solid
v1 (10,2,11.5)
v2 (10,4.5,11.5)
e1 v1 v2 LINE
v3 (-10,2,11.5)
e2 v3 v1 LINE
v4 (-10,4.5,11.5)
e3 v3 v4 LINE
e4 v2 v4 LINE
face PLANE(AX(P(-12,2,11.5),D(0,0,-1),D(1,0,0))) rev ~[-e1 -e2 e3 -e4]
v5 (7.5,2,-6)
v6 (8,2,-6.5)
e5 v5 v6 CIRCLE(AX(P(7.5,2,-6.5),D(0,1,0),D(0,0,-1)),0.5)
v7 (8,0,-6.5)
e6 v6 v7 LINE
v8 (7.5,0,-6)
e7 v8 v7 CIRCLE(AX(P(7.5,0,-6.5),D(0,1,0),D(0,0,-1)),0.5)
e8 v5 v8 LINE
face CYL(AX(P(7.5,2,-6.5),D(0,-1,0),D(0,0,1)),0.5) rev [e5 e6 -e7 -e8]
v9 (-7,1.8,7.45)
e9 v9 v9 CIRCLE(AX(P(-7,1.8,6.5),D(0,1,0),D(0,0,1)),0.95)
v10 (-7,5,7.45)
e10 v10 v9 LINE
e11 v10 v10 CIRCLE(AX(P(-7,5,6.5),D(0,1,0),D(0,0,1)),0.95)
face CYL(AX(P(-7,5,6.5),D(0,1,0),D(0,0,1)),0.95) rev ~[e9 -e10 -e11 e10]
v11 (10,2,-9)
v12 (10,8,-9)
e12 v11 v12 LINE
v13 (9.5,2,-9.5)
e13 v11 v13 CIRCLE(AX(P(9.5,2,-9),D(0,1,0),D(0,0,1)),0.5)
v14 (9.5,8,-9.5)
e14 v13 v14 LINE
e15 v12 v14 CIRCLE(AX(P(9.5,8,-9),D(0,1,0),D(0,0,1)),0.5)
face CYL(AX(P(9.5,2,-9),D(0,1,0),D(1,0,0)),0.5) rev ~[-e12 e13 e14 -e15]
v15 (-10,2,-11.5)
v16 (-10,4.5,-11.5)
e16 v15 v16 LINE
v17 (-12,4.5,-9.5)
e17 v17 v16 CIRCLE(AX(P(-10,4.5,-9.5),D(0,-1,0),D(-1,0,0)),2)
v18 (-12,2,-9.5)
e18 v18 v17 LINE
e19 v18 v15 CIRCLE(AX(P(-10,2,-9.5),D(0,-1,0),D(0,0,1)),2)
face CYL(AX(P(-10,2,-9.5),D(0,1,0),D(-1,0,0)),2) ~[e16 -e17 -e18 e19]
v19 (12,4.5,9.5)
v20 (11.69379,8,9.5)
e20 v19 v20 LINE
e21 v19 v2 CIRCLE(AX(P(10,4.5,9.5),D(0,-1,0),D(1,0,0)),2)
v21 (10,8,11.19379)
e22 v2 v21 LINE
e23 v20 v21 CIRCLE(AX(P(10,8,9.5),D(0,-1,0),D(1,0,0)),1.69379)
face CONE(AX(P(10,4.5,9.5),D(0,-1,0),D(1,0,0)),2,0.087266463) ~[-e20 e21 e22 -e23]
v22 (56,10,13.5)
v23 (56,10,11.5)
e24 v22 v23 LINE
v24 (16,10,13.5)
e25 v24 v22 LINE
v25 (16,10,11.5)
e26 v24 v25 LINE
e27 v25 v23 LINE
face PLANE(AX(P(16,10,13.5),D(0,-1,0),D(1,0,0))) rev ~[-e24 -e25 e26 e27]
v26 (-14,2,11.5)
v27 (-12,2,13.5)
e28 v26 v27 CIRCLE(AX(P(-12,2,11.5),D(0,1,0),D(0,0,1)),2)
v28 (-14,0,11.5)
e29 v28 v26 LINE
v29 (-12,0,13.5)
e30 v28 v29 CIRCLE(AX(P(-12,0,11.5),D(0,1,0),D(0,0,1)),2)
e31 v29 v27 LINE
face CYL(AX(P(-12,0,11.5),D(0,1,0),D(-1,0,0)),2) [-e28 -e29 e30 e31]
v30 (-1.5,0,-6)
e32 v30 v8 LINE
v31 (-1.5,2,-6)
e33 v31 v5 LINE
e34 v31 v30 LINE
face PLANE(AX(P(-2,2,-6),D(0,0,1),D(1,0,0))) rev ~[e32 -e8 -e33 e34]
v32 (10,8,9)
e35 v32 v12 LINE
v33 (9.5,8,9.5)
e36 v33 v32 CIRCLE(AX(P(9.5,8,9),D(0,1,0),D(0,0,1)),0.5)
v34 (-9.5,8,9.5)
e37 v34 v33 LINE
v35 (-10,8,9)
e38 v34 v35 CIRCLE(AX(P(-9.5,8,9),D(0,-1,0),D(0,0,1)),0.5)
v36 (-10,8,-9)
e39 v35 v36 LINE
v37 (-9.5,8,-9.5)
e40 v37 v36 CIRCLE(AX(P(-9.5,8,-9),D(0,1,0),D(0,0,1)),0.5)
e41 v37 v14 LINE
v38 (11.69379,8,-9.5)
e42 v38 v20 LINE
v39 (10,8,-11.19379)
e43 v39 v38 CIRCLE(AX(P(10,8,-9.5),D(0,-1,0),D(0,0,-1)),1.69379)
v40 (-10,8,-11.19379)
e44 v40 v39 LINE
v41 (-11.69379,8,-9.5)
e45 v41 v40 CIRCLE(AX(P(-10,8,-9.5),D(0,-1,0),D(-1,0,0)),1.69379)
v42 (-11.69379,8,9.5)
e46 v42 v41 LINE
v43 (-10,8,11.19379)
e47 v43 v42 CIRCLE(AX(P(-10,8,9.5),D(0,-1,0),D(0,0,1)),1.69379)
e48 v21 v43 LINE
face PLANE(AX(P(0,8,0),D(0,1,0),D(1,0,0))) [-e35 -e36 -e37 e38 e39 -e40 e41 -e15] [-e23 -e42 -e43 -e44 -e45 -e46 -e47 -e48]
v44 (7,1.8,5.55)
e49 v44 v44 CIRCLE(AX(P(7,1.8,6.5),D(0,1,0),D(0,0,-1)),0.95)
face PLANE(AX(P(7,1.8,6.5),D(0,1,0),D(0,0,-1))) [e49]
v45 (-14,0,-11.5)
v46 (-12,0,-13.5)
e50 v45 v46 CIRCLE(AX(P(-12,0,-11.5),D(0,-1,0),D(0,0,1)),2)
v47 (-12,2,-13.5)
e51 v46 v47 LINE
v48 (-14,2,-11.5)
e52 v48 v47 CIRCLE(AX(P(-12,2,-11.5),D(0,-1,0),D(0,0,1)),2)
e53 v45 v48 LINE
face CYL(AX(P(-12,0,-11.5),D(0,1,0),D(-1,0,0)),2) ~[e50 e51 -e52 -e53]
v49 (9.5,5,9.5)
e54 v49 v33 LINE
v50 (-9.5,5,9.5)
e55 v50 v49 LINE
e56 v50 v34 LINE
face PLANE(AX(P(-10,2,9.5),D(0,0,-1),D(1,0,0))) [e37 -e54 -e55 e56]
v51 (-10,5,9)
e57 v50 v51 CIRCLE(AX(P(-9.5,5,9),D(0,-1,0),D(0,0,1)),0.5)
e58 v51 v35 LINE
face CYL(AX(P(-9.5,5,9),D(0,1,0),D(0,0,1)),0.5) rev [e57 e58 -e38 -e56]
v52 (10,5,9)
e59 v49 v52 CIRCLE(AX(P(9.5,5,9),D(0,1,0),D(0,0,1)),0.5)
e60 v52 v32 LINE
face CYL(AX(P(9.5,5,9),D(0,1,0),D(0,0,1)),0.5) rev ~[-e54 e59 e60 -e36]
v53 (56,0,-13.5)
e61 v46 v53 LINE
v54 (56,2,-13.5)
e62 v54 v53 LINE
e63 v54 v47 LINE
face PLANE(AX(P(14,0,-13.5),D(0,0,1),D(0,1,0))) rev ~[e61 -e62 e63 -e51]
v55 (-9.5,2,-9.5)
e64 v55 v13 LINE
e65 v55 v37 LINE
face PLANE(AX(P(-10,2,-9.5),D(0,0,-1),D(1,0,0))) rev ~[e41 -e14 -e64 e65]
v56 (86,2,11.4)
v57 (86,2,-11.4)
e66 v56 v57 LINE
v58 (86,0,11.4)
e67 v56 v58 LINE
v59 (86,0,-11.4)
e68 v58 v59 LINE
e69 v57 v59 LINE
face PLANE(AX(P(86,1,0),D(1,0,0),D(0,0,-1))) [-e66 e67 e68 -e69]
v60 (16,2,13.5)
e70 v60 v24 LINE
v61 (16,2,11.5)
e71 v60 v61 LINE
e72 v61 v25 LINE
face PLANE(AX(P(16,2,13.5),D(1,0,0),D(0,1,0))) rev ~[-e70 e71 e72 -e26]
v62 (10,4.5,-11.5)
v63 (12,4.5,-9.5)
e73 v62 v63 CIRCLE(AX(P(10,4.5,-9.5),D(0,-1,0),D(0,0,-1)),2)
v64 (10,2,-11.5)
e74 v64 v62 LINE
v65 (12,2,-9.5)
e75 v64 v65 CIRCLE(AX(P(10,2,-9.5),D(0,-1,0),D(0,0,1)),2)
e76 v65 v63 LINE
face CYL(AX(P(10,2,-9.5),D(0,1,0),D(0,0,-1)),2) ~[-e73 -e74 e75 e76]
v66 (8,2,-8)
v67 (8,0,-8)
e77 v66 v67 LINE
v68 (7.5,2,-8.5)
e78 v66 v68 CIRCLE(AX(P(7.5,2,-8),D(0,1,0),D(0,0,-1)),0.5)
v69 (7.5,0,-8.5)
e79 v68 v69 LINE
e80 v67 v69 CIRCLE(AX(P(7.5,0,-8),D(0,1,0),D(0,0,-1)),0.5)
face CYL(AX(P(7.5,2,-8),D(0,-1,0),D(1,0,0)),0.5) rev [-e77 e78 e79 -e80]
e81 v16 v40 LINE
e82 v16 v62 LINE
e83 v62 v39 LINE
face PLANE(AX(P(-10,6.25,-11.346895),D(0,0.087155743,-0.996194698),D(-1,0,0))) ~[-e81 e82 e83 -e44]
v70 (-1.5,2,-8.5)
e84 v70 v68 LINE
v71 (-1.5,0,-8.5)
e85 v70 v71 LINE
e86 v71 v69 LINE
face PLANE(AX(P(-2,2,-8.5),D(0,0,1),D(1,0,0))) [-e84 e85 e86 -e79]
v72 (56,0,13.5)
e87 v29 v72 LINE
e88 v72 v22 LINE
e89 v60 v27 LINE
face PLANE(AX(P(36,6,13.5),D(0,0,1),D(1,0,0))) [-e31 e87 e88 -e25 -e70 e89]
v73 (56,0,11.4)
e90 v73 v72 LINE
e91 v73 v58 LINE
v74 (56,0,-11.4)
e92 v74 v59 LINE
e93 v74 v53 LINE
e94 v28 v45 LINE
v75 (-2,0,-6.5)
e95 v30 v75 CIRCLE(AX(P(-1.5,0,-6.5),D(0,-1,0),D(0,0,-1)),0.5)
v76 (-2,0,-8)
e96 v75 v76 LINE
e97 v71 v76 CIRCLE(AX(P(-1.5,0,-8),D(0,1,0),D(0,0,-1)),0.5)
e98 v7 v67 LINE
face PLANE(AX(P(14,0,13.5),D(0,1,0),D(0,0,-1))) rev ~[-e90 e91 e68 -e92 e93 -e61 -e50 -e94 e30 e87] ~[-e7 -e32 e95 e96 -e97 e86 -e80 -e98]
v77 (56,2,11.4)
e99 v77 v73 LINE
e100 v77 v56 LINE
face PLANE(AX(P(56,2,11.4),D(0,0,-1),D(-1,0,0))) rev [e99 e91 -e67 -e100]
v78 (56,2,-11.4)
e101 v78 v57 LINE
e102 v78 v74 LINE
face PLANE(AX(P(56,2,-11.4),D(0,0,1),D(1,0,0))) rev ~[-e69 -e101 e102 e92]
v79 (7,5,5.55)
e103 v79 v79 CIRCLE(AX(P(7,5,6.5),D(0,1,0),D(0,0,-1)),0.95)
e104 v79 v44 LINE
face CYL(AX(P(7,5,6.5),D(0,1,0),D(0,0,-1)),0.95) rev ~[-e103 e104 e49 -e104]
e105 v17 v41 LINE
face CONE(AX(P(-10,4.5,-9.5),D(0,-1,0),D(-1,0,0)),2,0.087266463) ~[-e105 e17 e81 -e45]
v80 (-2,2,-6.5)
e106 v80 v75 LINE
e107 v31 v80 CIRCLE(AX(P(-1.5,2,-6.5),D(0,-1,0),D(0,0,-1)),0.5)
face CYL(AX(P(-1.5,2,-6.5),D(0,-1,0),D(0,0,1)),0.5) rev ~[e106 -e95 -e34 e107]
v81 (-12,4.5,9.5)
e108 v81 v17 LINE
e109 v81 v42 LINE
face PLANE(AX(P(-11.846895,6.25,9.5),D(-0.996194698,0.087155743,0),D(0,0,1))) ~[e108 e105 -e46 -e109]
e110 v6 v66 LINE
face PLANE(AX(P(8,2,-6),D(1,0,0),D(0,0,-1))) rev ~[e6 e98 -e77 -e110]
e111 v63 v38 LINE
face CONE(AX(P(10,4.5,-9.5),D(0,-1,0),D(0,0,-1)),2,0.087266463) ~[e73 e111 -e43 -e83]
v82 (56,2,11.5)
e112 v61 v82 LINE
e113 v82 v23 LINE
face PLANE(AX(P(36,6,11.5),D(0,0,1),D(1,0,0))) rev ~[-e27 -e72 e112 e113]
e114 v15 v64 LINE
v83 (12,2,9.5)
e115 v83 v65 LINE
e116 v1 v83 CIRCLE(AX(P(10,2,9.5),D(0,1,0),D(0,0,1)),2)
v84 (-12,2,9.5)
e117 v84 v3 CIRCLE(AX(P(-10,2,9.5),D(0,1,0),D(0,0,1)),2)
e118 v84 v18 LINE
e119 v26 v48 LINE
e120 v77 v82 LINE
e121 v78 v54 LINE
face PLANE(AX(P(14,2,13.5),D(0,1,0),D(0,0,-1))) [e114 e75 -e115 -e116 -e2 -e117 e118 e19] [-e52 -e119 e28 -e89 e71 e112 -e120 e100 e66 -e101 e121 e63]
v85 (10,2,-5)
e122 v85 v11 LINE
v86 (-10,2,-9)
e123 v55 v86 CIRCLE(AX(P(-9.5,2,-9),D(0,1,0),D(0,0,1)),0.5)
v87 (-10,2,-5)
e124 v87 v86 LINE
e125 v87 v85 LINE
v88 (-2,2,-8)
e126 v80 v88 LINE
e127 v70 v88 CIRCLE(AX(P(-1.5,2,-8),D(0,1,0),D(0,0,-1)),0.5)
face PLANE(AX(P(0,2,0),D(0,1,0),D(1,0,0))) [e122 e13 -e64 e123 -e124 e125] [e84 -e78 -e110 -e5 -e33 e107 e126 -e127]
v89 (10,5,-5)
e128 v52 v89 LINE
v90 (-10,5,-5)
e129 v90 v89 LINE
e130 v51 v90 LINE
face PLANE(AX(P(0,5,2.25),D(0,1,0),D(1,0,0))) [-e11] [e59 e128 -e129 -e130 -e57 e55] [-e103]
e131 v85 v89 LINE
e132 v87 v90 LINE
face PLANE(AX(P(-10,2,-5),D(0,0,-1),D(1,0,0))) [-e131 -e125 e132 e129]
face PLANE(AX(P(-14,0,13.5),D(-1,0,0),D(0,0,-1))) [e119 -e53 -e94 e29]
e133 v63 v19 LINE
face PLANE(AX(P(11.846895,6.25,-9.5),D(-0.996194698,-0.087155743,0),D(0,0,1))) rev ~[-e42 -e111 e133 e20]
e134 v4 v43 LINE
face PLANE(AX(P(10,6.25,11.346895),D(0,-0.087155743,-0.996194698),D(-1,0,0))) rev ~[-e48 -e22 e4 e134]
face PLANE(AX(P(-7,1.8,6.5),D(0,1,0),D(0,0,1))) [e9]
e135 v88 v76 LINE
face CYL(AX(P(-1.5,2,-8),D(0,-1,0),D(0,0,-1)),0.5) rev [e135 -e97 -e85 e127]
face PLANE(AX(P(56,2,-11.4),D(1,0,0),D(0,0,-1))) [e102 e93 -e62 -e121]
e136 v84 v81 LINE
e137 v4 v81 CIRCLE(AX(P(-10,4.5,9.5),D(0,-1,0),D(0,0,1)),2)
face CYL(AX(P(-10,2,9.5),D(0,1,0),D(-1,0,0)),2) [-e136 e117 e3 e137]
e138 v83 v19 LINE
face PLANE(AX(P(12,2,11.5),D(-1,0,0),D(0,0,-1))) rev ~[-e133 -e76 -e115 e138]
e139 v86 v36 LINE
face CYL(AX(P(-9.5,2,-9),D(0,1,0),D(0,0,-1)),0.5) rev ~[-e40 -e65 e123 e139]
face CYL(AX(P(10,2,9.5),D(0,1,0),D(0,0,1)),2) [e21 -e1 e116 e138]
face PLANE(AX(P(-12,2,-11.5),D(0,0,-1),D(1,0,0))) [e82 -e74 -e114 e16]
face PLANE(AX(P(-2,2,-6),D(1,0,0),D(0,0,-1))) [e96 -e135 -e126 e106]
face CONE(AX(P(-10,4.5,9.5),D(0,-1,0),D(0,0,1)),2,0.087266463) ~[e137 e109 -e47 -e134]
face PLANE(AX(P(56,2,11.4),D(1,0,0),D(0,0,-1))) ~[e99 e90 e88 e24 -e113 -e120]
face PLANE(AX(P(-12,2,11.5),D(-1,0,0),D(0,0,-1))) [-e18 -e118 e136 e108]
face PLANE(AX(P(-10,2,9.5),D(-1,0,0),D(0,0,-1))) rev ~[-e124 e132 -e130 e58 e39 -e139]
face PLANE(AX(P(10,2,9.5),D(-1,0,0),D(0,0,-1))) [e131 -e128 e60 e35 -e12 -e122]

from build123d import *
from OCP.BRepFilletAPI import BRepFilletAPI_MakeChamfer

# Parameters (mm, degrees)
SKETCH1_W           = 28
SKETCH1_H           = 27
BOSS_EXTRUDE1_DEPTH = 2
SKETCH2_W           = 10
SKETCH2_H           = 2.5
CUT_EXTRUDE1_DEPTH  = 2
SKETCH3_W           = 20
SKETCH3_H           = 14.5
BOSS_EXTRUDE2_DEPTH = 3
SKETCH4_W           = 24
SKETCH4_H           = 23
SKETCH4_W_2         = 20
SKETCH4_H_2         = 19
BOSS_EXTRUDE3_DEPTH = 6
SKETCH5_R           = 0.95
CUT_EXTRUDE2_DEPTH  = 3.2
FILLET3_R           = 2
FILLET2_R           = 0.5
SKETCH6_W           = 27
SKETCH6_H           = 2
BOSS_EXTRUDE4_DEPTH = 72
CHAMFER1_SIZE       = 3.5
CHAMFER1_SIZE2      = 0.306210322
SKETCH7_W           = 30
SKETCH7_H           = 2.1
CUT_EXTRUDE3_DEPTH  = 88.259669951
SKETCH8_W           = 40
SKETCH8_H           = 8
BOSS_EXTRUDE5_DEPTH = 2


with BuildPart() as part:
    # Sketch1 → Boss-Extrude1 (new body)
    with BuildSketch(Plane(origin=(0, 0, 0), x_dir=(1, 0, 0), z_dir=(0, 1, 0))):
        Rectangle(SKETCH1_W, SKETCH1_H)
    extrude(amount=BOSS_EXTRUDE1_DEPTH)

    # Sketch2 → Cut-Extrude1 (cut)
    with BuildSketch(Plane(origin=(0, 2, 0), x_dir=(1, 0, 0), z_dir=(0, 1, 0))):
        with Locations((3, 7.25)):
            Rectangle(SKETCH2_W, SKETCH2_H)
    extrude(amount=-CUT_EXTRUDE1_DEPTH, mode=Mode.SUBTRACT)

    # Sketch3 → Boss-Extrude2 (add)
    with BuildSketch(Plane(origin=(0, 2, 0), x_dir=(1, 0, 0), z_dir=(0, 1, 0))):
        with Locations((0, -2.25)):
            Rectangle(SKETCH3_W, SKETCH3_H)
    extrude(amount=BOSS_EXTRUDE2_DEPTH)

    # Sketch4 → Boss-Extrude3 (add)
    with BuildSketch(Plane(origin=(0, 2, 0), x_dir=(1, 0, 0), z_dir=(0, 1, 0))):
        Rectangle(SKETCH4_W, SKETCH4_H)
        Rectangle(SKETCH4_W_2, SKETCH4_H_2, mode=Mode.SUBTRACT)
    extrude(amount=BOSS_EXTRUDE3_DEPTH)

    # Sketch5 → Cut-Extrude2 (cut)
    with BuildSketch(Plane(origin=(0, 5, 0), x_dir=(1, 0, 0), z_dir=(0, 1, 0))):
        with Locations(Location((-7, -6.5, 0), (0, 0, 270))):
            Circle(SKETCH5_R)
        with Locations(Location((7, -6.5, 0), (0, 0, 90))):
            Circle(SKETCH5_R)
    extrude(amount=-CUT_EXTRUDE2_DEPTH, mode=Mode.SUBTRACT)

    # Fillet3
    fillet3_edges = [part.edges().sort_by_distance(p)[0] for p in [
        (12, 5, -11.5),
        (-12, 5, -11.5),
        (-12, 5, 11.5),
        (12, 5, 11.5),
        (-14, 1, 13.5),
        (-14, 1, -13.5),
    ]]
    fillet(fillet3_edges, radius=FILLET3_R)

    # Fillet2
    fillet2_edges = [part.edges().sort_by_distance(p)[0] for p in [
        (-2, 1, -8.5),
        (-2, 1, -6),
        (8, 1, -6),
        (8, 1, -8.5),
        (10, 5, -9.5),
        (-10, 6.5, 9.5),
        (10, 6.5, 9.5),
        (-10, 5, -9.5),
    ]]
    fillet(fillet2_edges, radius=FILLET2_R)

    # Sketch6 → Boss-Extrude4 (add)
    with BuildSketch(Plane(origin=(14, 0, 0), x_dir=(0, 0, -1), z_dir=(1, 0, 0))):
        with Locations((0, 1)):
            Rectangle(SKETCH6_W, SKETCH6_H)
    extrude(amount=BOSS_EXTRUDE4_DEPTH)

    # Chamfer1: one chamfer whose edges measure the first distance from different faces: ONE call of the kernel's chamfer builder (chamfer() names one face for all edges)
    chamfer1_edges_1 = [part.edges().sort_by_distance(p)[0] for p in [
        (0, 8, -11.5),
    ]]
    chamfer1_side_1 = [part.faces().sort_by_distance(p)[0] for p in [
        (0, 5, -11.5),
    ]]
    chamfer1_edges_2 = [part.edges().sort_by_distance(p)[0] for p in [
        (12, 8, 0),
    ]]
    chamfer1_side_2 = [part.faces().sort_by_distance(p)[0] for p in [
        (12, 5, 0),
    ]]
    chamfer1_edges_3 = [part.edges().sort_by_distance(p)[0] for p in [
        (-12, 8, 0),
    ]]
    chamfer1_side_3 = [part.faces().sort_by_distance(p)[0] for p in [
        (-12, 5, 0),
    ]]
    chamfer1_edges_4 = [part.edges().sort_by_distance(p)[0] for p in [
        (0, 8, 11.5),
    ]]
    chamfer1_side_4 = [part.faces().sort_by_distance(p)[0] for p in [
        (0, 5, 11.5),
    ]]
    chamfer1_edges_5 = [part.edges().sort_by_distance(p)[0] for p in [
        (-11.414213562, 8, -10.914213562),
    ]]
    chamfer1_side_5 = [part.faces().sort_by_distance(p)[0] for p in [
        (-11.414213562, 5, -10.914213562),
    ]]
    chamfer1_edges_6 = [part.edges().sort_by_distance(p)[0] for p in [
        (-11.414213562, 8, 10.914213562),
    ]]
    chamfer1_side_6 = [part.faces().sort_by_distance(p)[0] for p in [
        (-11.414213562, 5, 10.914213562),
    ]]
    chamfer1_edges_7 = [part.edges().sort_by_distance(p)[0] for p in [
        (11.414213562, 8, 10.914213562),
    ]]
    chamfer1_side_7 = [part.faces().sort_by_distance(p)[0] for p in [
        (11.414213562, 5, 10.914213562),
    ]]
    chamfer1_edges_8 = [part.edges().sort_by_distance(p)[0] for p in [
        (11.414213562, 8, -10.914213562),
    ]]
    chamfer1_side_8 = [part.faces().sort_by_distance(p)[0] for p in [
        (11.414213562, 5, -10.914213562),
    ]]
    chamfer1 = BRepFilletAPI_MakeChamfer(part.part.solid().wrapped)
    for e in chamfer1_edges_1:
        chamfer1.Add(CHAMFER1_SIZE, CHAMFER1_SIZE2, e.wrapped, chamfer1_side_1[0].wrapped)  # the first distance lies on this face
    for e in chamfer1_edges_2:
        chamfer1.Add(CHAMFER1_SIZE, CHAMFER1_SIZE2, e.wrapped, chamfer1_side_2[0].wrapped)  # the first distance lies on this face
    for e in chamfer1_edges_3:
        chamfer1.Add(CHAMFER1_SIZE, CHAMFER1_SIZE2, e.wrapped, chamfer1_side_3[0].wrapped)  # the first distance lies on this face
    for e in chamfer1_edges_4:
        chamfer1.Add(CHAMFER1_SIZE, CHAMFER1_SIZE2, e.wrapped, chamfer1_side_4[0].wrapped)  # the first distance lies on this face
    for e in chamfer1_edges_5:
        chamfer1.Add(CHAMFER1_SIZE, CHAMFER1_SIZE2, e.wrapped, chamfer1_side_5[0].wrapped)  # the first distance lies on this face
    for e in chamfer1_edges_6:
        chamfer1.Add(CHAMFER1_SIZE, CHAMFER1_SIZE2, e.wrapped, chamfer1_side_6[0].wrapped)  # the first distance lies on this face
    for e in chamfer1_edges_7:
        chamfer1.Add(CHAMFER1_SIZE, CHAMFER1_SIZE2, e.wrapped, chamfer1_side_7[0].wrapped)  # the first distance lies on this face
    for e in chamfer1_edges_8:
        chamfer1.Add(CHAMFER1_SIZE, CHAMFER1_SIZE2, e.wrapped, chamfer1_side_8[0].wrapped)  # the first distance lies on this face
    add(Compound.cast(chamfer1.Shape()), mode=Mode.REPLACE)

    # Sketch7 → Cut-Extrude3 (cut, through all)
    with BuildSketch(Plane(origin=(0, 2, 0), x_dir=(1, 0, 0), z_dir=(0, 1, 0))):
        with Locations((71, 12.45)):
            Rectangle(SKETCH7_W, SKETCH7_H)
    cut_extrude3 = extrude(amount=-CUT_EXTRUDE3_DEPTH, mode=Mode.SUBTRACT)

    # Mirror1: Cut-Extrude3 across plane
    add(cut_extrude3.mirror(Plane.XY), mode=Mode.SUBTRACT)

    # Sketch8 → Boss-Extrude5 (add)
    with BuildSketch(Plane.XY.offset(13.5)):
        with Locations((36, 6)):
            Rectangle(SKETCH8_W, SKETCH8_H)
    extrude(amount=-BOSS_EXTRUDE5_DEPTH)


solid = part.part
